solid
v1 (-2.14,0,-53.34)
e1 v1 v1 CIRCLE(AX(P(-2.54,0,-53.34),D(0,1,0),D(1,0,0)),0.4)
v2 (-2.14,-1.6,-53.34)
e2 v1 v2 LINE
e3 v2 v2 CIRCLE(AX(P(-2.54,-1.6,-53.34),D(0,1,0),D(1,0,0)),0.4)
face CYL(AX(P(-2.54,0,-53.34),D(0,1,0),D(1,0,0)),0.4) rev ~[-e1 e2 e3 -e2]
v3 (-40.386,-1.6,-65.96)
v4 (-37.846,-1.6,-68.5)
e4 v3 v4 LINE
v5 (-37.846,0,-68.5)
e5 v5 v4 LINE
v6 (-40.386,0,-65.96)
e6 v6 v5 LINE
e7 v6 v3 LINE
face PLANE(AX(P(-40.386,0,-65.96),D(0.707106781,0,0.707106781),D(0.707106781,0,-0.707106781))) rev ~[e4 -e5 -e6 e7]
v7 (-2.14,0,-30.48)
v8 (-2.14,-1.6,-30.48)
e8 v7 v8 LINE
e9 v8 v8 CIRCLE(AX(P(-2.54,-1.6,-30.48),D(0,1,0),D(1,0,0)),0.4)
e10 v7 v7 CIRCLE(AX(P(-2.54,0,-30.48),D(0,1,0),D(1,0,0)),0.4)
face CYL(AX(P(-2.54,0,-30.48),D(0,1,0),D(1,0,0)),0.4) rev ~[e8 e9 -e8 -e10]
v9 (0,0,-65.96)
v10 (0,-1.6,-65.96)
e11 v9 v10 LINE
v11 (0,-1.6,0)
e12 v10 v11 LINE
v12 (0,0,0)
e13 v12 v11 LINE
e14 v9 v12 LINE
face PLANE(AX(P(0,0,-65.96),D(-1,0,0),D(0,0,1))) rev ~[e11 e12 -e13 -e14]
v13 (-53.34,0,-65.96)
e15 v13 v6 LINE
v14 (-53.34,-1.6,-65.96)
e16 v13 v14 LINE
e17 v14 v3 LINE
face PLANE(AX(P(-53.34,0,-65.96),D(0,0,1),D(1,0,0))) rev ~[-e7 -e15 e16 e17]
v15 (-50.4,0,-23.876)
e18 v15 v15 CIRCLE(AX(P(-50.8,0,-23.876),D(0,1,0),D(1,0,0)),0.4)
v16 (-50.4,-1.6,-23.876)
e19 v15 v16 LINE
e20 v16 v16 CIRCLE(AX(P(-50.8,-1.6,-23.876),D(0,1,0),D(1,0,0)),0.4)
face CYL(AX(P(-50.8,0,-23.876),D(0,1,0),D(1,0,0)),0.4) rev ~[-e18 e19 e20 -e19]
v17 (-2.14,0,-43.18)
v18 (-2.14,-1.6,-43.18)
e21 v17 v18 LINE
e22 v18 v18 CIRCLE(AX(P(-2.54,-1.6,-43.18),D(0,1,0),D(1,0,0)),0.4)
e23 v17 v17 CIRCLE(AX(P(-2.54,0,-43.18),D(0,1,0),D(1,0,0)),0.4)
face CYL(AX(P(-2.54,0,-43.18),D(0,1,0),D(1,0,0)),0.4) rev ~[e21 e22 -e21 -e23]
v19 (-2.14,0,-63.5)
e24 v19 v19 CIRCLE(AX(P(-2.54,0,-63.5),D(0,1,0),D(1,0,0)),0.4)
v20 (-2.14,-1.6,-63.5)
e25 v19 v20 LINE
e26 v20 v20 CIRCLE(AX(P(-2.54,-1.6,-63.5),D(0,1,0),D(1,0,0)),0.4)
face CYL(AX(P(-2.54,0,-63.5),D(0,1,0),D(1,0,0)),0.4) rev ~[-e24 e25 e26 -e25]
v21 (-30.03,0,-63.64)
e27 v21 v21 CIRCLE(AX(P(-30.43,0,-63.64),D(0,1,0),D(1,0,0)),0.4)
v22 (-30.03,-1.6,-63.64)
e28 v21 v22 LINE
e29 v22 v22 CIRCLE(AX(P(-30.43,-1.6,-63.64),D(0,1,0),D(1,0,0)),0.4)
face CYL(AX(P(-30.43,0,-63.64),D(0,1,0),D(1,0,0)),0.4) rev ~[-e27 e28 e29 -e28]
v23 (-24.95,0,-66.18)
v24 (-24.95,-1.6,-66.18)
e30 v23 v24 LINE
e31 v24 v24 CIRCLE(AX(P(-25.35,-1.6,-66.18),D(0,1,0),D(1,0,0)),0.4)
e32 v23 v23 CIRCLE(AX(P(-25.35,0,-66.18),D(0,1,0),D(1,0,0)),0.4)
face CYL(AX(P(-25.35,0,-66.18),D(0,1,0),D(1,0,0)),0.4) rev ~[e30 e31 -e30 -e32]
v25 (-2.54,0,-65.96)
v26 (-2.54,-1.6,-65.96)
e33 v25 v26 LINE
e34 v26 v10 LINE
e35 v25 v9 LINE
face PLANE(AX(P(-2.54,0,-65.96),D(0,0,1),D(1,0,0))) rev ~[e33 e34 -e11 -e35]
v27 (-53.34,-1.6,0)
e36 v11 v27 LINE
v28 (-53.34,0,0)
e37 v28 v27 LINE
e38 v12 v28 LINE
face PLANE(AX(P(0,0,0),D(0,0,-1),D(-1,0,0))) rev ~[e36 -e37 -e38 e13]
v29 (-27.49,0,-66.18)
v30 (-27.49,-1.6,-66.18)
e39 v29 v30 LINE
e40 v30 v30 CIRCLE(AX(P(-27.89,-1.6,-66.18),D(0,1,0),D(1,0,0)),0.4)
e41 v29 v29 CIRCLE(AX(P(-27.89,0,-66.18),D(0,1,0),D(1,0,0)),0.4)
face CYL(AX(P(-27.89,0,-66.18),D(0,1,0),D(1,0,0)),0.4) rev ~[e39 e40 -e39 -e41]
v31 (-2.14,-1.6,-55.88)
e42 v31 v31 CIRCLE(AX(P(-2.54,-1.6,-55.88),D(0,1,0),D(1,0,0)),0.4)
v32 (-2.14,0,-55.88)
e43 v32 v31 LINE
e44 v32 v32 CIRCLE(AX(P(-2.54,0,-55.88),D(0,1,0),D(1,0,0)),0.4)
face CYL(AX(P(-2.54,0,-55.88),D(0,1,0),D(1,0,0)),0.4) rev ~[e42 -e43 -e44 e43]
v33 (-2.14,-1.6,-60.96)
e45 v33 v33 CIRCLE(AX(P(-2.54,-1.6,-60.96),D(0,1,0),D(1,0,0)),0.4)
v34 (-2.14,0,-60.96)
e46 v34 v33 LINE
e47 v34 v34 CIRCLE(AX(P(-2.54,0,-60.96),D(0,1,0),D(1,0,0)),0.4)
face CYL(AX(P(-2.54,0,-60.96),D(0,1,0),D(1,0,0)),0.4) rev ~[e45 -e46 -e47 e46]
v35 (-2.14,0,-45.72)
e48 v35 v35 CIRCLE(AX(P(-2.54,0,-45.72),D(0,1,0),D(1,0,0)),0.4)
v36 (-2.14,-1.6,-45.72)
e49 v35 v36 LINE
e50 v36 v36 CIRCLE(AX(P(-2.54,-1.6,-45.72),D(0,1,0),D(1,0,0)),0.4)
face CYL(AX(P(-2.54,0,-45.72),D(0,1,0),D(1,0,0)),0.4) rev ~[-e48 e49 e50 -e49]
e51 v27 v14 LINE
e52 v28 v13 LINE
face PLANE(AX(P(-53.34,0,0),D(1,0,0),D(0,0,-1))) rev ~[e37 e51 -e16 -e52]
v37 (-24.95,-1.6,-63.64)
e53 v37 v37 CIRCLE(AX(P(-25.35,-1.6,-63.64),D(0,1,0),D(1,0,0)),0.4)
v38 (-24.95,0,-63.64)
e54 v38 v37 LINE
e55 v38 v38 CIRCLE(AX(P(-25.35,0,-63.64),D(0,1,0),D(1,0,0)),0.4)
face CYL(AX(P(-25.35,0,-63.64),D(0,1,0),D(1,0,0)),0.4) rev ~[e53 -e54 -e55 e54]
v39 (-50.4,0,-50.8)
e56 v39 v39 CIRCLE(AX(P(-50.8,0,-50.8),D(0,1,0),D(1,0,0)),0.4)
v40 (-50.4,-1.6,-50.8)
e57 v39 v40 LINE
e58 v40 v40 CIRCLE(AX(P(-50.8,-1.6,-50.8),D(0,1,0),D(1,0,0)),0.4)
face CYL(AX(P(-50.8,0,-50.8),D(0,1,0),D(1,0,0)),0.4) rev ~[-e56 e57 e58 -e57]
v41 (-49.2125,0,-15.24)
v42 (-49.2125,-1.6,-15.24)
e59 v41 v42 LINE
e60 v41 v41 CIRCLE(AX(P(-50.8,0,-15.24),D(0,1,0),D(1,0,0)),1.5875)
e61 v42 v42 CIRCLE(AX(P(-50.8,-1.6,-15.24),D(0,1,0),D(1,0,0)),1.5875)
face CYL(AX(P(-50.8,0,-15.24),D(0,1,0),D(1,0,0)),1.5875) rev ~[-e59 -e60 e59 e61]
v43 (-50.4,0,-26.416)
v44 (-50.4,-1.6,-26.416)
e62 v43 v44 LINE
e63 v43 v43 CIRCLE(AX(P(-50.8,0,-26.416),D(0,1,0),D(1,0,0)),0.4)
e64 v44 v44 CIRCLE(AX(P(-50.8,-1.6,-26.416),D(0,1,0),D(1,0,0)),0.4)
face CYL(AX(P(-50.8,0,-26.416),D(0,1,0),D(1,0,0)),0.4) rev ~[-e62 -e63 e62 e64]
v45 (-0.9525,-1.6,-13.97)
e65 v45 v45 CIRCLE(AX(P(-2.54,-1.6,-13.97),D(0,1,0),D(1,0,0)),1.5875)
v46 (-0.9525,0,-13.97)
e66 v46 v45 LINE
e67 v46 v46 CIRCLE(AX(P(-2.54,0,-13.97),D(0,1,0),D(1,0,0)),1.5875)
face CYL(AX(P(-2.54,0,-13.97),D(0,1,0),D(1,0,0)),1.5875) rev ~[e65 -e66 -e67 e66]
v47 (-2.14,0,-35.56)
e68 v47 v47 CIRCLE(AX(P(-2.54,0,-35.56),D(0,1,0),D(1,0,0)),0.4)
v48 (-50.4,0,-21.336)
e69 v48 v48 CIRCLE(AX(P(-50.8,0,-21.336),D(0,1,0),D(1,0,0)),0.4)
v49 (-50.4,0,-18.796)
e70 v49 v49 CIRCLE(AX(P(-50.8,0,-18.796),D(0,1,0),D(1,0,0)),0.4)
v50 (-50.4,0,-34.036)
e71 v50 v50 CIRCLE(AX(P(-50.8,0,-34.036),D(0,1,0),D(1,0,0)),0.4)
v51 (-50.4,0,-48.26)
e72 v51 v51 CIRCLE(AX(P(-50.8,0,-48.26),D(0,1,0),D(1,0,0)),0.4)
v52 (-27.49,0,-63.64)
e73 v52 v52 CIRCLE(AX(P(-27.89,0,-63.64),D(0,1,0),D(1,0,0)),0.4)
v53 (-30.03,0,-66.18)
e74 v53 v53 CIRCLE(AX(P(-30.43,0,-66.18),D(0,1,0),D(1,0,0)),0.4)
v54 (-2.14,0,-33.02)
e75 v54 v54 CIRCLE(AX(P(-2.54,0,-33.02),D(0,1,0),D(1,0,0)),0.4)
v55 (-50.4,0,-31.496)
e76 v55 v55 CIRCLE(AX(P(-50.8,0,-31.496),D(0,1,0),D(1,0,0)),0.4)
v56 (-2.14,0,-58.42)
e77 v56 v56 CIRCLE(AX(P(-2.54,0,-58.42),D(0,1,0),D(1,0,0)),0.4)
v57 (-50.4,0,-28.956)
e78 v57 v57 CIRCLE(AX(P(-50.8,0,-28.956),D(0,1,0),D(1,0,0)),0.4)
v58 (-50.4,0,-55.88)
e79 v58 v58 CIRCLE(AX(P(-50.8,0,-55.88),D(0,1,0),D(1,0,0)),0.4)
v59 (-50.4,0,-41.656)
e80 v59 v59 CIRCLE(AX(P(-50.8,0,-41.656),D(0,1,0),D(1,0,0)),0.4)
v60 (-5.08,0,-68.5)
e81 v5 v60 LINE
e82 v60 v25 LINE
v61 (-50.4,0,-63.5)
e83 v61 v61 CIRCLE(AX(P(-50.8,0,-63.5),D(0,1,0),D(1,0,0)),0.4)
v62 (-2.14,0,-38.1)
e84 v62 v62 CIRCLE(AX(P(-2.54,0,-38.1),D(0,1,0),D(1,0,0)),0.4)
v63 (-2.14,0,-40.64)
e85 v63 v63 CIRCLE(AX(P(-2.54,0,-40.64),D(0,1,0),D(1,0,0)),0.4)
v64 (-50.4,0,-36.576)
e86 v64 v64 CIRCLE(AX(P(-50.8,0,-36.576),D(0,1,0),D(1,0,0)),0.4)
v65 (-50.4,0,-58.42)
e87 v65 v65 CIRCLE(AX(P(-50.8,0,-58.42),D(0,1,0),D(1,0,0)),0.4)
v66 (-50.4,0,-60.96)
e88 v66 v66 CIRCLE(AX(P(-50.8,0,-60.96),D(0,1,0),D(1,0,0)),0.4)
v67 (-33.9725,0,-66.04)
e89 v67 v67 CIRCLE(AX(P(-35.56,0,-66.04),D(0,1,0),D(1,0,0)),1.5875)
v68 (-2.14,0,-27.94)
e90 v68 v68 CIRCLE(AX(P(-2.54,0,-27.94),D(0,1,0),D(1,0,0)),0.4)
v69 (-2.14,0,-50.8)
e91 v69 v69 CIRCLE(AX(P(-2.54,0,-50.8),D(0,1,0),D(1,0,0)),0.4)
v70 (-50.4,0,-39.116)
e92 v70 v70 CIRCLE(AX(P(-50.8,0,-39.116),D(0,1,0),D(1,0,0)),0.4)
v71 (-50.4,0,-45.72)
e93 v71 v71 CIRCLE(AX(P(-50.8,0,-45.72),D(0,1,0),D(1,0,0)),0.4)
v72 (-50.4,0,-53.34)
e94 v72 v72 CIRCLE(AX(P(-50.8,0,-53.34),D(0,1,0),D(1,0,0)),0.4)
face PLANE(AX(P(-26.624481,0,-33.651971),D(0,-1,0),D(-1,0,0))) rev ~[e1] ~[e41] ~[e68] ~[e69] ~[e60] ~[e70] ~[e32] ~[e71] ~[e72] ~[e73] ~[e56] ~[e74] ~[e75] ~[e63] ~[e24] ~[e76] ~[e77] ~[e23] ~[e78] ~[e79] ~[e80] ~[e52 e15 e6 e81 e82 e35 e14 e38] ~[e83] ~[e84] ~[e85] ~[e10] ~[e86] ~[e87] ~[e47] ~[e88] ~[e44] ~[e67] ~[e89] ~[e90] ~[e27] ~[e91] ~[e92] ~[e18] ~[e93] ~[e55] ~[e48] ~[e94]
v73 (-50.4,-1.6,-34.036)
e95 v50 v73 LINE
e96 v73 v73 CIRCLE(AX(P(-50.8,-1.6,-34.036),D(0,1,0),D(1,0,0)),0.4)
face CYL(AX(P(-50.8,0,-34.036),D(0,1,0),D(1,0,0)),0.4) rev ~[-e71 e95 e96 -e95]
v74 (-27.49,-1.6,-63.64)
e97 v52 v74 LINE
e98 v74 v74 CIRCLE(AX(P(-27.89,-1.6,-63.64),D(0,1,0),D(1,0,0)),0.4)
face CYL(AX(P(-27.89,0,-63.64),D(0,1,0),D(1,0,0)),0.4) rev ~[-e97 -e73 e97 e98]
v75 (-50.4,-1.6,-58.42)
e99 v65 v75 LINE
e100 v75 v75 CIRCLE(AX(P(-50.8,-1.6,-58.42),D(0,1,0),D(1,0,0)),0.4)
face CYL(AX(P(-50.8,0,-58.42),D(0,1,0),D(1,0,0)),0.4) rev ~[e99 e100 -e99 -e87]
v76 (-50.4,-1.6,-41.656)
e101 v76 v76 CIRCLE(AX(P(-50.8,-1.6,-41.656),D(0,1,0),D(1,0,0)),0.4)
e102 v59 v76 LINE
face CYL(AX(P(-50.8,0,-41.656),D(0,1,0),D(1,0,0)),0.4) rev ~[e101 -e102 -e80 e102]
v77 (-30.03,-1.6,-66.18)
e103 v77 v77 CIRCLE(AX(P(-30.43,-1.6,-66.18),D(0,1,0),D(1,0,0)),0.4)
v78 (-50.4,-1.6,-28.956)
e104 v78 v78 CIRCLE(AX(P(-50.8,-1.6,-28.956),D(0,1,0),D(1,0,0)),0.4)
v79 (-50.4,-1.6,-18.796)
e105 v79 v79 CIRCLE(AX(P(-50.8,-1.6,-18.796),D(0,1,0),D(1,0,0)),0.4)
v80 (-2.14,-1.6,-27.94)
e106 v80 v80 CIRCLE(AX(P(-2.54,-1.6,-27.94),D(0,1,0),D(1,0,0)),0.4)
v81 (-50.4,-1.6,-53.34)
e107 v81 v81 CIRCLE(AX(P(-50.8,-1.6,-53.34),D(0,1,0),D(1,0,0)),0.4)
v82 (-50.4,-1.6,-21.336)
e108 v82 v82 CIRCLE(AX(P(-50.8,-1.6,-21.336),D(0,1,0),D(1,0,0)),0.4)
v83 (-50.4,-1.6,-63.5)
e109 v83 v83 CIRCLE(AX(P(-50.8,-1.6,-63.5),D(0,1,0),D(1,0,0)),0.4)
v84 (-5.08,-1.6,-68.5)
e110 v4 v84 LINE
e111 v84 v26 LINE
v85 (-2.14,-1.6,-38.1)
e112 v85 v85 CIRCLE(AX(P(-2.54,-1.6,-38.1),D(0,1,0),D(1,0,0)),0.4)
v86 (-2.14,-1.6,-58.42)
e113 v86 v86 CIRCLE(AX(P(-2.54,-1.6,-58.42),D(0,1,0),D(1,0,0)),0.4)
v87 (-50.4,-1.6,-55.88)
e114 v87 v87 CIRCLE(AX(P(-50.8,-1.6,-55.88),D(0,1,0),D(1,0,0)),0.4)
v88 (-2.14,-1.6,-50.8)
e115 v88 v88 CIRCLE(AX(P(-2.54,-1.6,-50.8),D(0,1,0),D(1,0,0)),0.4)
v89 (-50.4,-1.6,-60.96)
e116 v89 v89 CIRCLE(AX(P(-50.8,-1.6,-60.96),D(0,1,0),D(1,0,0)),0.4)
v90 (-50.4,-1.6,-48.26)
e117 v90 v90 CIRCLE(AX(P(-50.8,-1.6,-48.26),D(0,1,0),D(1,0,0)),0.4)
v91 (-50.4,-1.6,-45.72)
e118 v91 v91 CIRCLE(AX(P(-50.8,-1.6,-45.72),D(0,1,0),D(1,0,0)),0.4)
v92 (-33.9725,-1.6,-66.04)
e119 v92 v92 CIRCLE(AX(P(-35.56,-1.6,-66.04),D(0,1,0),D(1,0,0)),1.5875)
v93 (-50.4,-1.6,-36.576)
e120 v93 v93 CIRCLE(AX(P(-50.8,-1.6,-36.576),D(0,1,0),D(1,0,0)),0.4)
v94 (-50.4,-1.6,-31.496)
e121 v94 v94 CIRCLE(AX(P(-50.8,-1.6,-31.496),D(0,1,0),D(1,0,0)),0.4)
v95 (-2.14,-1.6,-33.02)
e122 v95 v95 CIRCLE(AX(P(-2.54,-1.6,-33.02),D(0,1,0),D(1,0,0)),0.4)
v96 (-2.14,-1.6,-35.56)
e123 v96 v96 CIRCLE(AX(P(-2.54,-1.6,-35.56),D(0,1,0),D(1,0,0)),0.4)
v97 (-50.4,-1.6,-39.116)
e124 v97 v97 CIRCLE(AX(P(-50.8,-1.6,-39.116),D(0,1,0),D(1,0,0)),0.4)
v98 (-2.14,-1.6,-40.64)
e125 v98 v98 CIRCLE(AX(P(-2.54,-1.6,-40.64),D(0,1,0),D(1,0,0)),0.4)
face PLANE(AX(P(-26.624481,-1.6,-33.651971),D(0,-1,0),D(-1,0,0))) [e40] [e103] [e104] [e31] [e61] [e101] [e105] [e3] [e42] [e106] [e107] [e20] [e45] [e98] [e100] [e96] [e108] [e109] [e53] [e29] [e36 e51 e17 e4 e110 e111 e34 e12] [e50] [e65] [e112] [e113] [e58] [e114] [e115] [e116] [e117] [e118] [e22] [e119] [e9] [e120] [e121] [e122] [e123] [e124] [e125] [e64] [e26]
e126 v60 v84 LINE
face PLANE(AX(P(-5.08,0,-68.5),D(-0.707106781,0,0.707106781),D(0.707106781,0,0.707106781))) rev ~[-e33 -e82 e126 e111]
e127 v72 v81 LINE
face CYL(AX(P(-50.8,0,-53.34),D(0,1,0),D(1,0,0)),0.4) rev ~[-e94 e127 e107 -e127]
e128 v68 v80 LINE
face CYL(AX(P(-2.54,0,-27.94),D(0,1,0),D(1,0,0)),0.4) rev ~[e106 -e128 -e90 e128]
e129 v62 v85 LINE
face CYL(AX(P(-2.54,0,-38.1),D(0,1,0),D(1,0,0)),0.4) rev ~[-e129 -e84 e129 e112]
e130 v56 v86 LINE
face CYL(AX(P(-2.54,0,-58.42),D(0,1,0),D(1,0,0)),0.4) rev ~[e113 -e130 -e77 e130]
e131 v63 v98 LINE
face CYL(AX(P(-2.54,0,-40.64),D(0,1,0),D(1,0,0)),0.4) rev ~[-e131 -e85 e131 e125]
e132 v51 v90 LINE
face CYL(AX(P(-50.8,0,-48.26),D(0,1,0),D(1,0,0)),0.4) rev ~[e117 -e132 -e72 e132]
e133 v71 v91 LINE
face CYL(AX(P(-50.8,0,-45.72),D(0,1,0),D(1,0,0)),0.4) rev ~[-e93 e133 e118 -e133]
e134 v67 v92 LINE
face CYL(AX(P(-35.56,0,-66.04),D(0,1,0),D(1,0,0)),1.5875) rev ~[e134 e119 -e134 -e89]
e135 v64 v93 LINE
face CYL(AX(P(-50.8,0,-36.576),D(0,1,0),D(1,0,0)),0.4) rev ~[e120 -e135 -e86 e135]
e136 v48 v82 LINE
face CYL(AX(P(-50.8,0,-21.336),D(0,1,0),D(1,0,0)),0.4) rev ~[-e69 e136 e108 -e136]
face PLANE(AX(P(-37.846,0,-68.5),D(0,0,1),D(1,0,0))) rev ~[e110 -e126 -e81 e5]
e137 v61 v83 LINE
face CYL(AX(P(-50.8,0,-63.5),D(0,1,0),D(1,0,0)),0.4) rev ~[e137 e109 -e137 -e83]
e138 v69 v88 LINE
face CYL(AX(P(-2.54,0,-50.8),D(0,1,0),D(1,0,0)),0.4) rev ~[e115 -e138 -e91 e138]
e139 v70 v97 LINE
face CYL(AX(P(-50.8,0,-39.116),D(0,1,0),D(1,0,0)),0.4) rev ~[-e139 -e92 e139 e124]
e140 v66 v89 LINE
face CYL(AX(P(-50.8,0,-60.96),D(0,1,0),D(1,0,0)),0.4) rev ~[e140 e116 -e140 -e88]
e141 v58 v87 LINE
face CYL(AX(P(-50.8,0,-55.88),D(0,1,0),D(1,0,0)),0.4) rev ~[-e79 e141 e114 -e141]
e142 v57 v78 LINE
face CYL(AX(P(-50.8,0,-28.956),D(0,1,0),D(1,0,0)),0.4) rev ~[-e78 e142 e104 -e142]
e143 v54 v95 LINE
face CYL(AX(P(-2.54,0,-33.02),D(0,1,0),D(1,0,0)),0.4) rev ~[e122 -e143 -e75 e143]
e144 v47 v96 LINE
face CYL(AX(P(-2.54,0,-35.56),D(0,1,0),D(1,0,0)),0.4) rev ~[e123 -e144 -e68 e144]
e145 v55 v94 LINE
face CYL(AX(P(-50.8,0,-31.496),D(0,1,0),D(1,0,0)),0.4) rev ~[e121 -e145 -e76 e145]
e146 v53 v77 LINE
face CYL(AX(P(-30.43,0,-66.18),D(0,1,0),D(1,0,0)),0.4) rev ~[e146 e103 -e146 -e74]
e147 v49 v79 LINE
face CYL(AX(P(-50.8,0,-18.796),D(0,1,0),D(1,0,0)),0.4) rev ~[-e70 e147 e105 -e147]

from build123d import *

# Parameters (mm, degrees)
SKETCH1_R           = 1.5875
BOSS_EXTRUDE1_DEPTH = 1.6
SKETCH2_R           = 0.4
CUT_EXTRUDE1_DEPTH  = 1.65
SKETCH3_R           = 0.4
CUT_EXTRUDE2_DEPTH  = 1.65
LPATTERN1_COUNT     = 15
LPATTERN1_PITCH     = 2.54
SKETCH4_R           = 0.4
CUT_EXTRUDE3_DEPTH  = 1.65
LPATTERN2_COUNT     = 10
LPATTERN2_PITCH     = 2.54
LPATTERN3_COUNT     = 17
LPATTERN3_PITCH     = 2.54
SKETCH5_R           = 0.4
CUT_EXTRUDE4_DEPTH  = 10


with BuildPart() as part:
    # Sketch1 → Boss-Extrude1 (new body)
    with BuildSketch(Plane(origin=(0, 0, 0), x_dir=(1, 0, 0), z_dir=(0, 1, 0))):
        Polygon((0, 0), (-53.34, 0), (-53.34, 65.96), (-40.386, 65.96), (-37.846, 68.5), (-5.08, 68.5), (-2.54, 65.96), (0, 65.96), align=None)
        with Locations((-35.56, 66.04)):
            Circle(SKETCH1_R, mode=Mode.SUBTRACT)
        with Locations((-2.54, 13.97)):
            Circle(SKETCH1_R, mode=Mode.SUBTRACT)
        with Locations((-50.8, 15.24)):
            Circle(SKETCH1_R, mode=Mode.SUBTRACT)
    extrude(amount=-BOSS_EXTRUDE1_DEPTH)

    # Sketch2 → Cut-Extrude1 (cut)
    with BuildSketch(Plane(origin=(0, 0, 0), x_dir=(1, 0, 0), z_dir=(0, 1, 0))):
        with Locations((-2.54, 27.94)):
            Circle(SKETCH2_R)
    cut_extrude1 = extrude(amount=-CUT_EXTRUDE1_DEPTH, mode=Mode.SUBTRACT)

    # Sketch3 → Cut-Extrude2 (cut)
    with BuildSketch(Plane(origin=(0, 0, 0), x_dir=(1, 0, 0), z_dir=(0, 1, 0))):
        with Locations((-50.8, 18.796)):
            Circle(SKETCH3_R)
    cut_extrude2 = extrude(amount=-CUT_EXTRUDE2_DEPTH, mode=Mode.SUBTRACT)

    # LPattern1: Cut-Extrude1 ×15, 1 skipped
    with Locations(*[(0, 0, -i * LPATTERN1_PITCH) for i in range(1, LPATTERN1_COUNT) if i not in (8,)]):
        add(cut_extrude1, mode=Mode.SUBTRACT)

    # Sketch4 → Cut-Extrude3 (cut)
    with BuildSketch(Plane(origin=(0, 0, 0), x_dir=(1, 0, 0), z_dir=(0, 1, 0))):
        with Locations((-50.8, 45.72)):
            Circle(SKETCH4_R)
    cut_extrude3 = extrude(amount=-CUT_EXTRUDE3_DEPTH, mode=Mode.SUBTRACT)

    # LPattern2: Cut-Extrude2 ×10
    with Locations(*[(0, 0, -i * LPATTERN2_PITCH) for i in range(1, LPATTERN2_COUNT)]):
        add(cut_extrude2, mode=Mode.SUBTRACT)

    # LPattern3: Cut-Extrude3 ×17, 1 skipped
    with Locations(*[(0, 0, -i * LPATTERN3_PITCH) for i in range(1, LPATTERN3_COUNT) if i not in (8,)]):
        add(cut_extrude3, mode=Mode.SUBTRACT)

    # Sketch5 → Cut-Extrude4 (cut)
    with BuildSketch(Plane(origin=(0, 0, 0), x_dir=(1, 0, 0), z_dir=(0, 1, 0))):
        with Locations((-30.43, 66.18)):
            Circle(SKETCH5_R)
        with Locations((-27.89, 66.18)):
            Circle(SKETCH5_R)
        with Locations((-25.35, 66.18)):
            Circle(SKETCH5_R)
        with Locations((-25.35, 63.64)):
            Circle(SKETCH5_R)
        with Locations((-27.89, 63.64)):
            Circle(SKETCH5_R)
        with Locations((-30.43, 63.64)):
            Circle(SKETCH5_R)
    extrude(amount=-CUT_EXTRUDE4_DEPTH, mode=Mode.SUBTRACT)


solid = part.part
